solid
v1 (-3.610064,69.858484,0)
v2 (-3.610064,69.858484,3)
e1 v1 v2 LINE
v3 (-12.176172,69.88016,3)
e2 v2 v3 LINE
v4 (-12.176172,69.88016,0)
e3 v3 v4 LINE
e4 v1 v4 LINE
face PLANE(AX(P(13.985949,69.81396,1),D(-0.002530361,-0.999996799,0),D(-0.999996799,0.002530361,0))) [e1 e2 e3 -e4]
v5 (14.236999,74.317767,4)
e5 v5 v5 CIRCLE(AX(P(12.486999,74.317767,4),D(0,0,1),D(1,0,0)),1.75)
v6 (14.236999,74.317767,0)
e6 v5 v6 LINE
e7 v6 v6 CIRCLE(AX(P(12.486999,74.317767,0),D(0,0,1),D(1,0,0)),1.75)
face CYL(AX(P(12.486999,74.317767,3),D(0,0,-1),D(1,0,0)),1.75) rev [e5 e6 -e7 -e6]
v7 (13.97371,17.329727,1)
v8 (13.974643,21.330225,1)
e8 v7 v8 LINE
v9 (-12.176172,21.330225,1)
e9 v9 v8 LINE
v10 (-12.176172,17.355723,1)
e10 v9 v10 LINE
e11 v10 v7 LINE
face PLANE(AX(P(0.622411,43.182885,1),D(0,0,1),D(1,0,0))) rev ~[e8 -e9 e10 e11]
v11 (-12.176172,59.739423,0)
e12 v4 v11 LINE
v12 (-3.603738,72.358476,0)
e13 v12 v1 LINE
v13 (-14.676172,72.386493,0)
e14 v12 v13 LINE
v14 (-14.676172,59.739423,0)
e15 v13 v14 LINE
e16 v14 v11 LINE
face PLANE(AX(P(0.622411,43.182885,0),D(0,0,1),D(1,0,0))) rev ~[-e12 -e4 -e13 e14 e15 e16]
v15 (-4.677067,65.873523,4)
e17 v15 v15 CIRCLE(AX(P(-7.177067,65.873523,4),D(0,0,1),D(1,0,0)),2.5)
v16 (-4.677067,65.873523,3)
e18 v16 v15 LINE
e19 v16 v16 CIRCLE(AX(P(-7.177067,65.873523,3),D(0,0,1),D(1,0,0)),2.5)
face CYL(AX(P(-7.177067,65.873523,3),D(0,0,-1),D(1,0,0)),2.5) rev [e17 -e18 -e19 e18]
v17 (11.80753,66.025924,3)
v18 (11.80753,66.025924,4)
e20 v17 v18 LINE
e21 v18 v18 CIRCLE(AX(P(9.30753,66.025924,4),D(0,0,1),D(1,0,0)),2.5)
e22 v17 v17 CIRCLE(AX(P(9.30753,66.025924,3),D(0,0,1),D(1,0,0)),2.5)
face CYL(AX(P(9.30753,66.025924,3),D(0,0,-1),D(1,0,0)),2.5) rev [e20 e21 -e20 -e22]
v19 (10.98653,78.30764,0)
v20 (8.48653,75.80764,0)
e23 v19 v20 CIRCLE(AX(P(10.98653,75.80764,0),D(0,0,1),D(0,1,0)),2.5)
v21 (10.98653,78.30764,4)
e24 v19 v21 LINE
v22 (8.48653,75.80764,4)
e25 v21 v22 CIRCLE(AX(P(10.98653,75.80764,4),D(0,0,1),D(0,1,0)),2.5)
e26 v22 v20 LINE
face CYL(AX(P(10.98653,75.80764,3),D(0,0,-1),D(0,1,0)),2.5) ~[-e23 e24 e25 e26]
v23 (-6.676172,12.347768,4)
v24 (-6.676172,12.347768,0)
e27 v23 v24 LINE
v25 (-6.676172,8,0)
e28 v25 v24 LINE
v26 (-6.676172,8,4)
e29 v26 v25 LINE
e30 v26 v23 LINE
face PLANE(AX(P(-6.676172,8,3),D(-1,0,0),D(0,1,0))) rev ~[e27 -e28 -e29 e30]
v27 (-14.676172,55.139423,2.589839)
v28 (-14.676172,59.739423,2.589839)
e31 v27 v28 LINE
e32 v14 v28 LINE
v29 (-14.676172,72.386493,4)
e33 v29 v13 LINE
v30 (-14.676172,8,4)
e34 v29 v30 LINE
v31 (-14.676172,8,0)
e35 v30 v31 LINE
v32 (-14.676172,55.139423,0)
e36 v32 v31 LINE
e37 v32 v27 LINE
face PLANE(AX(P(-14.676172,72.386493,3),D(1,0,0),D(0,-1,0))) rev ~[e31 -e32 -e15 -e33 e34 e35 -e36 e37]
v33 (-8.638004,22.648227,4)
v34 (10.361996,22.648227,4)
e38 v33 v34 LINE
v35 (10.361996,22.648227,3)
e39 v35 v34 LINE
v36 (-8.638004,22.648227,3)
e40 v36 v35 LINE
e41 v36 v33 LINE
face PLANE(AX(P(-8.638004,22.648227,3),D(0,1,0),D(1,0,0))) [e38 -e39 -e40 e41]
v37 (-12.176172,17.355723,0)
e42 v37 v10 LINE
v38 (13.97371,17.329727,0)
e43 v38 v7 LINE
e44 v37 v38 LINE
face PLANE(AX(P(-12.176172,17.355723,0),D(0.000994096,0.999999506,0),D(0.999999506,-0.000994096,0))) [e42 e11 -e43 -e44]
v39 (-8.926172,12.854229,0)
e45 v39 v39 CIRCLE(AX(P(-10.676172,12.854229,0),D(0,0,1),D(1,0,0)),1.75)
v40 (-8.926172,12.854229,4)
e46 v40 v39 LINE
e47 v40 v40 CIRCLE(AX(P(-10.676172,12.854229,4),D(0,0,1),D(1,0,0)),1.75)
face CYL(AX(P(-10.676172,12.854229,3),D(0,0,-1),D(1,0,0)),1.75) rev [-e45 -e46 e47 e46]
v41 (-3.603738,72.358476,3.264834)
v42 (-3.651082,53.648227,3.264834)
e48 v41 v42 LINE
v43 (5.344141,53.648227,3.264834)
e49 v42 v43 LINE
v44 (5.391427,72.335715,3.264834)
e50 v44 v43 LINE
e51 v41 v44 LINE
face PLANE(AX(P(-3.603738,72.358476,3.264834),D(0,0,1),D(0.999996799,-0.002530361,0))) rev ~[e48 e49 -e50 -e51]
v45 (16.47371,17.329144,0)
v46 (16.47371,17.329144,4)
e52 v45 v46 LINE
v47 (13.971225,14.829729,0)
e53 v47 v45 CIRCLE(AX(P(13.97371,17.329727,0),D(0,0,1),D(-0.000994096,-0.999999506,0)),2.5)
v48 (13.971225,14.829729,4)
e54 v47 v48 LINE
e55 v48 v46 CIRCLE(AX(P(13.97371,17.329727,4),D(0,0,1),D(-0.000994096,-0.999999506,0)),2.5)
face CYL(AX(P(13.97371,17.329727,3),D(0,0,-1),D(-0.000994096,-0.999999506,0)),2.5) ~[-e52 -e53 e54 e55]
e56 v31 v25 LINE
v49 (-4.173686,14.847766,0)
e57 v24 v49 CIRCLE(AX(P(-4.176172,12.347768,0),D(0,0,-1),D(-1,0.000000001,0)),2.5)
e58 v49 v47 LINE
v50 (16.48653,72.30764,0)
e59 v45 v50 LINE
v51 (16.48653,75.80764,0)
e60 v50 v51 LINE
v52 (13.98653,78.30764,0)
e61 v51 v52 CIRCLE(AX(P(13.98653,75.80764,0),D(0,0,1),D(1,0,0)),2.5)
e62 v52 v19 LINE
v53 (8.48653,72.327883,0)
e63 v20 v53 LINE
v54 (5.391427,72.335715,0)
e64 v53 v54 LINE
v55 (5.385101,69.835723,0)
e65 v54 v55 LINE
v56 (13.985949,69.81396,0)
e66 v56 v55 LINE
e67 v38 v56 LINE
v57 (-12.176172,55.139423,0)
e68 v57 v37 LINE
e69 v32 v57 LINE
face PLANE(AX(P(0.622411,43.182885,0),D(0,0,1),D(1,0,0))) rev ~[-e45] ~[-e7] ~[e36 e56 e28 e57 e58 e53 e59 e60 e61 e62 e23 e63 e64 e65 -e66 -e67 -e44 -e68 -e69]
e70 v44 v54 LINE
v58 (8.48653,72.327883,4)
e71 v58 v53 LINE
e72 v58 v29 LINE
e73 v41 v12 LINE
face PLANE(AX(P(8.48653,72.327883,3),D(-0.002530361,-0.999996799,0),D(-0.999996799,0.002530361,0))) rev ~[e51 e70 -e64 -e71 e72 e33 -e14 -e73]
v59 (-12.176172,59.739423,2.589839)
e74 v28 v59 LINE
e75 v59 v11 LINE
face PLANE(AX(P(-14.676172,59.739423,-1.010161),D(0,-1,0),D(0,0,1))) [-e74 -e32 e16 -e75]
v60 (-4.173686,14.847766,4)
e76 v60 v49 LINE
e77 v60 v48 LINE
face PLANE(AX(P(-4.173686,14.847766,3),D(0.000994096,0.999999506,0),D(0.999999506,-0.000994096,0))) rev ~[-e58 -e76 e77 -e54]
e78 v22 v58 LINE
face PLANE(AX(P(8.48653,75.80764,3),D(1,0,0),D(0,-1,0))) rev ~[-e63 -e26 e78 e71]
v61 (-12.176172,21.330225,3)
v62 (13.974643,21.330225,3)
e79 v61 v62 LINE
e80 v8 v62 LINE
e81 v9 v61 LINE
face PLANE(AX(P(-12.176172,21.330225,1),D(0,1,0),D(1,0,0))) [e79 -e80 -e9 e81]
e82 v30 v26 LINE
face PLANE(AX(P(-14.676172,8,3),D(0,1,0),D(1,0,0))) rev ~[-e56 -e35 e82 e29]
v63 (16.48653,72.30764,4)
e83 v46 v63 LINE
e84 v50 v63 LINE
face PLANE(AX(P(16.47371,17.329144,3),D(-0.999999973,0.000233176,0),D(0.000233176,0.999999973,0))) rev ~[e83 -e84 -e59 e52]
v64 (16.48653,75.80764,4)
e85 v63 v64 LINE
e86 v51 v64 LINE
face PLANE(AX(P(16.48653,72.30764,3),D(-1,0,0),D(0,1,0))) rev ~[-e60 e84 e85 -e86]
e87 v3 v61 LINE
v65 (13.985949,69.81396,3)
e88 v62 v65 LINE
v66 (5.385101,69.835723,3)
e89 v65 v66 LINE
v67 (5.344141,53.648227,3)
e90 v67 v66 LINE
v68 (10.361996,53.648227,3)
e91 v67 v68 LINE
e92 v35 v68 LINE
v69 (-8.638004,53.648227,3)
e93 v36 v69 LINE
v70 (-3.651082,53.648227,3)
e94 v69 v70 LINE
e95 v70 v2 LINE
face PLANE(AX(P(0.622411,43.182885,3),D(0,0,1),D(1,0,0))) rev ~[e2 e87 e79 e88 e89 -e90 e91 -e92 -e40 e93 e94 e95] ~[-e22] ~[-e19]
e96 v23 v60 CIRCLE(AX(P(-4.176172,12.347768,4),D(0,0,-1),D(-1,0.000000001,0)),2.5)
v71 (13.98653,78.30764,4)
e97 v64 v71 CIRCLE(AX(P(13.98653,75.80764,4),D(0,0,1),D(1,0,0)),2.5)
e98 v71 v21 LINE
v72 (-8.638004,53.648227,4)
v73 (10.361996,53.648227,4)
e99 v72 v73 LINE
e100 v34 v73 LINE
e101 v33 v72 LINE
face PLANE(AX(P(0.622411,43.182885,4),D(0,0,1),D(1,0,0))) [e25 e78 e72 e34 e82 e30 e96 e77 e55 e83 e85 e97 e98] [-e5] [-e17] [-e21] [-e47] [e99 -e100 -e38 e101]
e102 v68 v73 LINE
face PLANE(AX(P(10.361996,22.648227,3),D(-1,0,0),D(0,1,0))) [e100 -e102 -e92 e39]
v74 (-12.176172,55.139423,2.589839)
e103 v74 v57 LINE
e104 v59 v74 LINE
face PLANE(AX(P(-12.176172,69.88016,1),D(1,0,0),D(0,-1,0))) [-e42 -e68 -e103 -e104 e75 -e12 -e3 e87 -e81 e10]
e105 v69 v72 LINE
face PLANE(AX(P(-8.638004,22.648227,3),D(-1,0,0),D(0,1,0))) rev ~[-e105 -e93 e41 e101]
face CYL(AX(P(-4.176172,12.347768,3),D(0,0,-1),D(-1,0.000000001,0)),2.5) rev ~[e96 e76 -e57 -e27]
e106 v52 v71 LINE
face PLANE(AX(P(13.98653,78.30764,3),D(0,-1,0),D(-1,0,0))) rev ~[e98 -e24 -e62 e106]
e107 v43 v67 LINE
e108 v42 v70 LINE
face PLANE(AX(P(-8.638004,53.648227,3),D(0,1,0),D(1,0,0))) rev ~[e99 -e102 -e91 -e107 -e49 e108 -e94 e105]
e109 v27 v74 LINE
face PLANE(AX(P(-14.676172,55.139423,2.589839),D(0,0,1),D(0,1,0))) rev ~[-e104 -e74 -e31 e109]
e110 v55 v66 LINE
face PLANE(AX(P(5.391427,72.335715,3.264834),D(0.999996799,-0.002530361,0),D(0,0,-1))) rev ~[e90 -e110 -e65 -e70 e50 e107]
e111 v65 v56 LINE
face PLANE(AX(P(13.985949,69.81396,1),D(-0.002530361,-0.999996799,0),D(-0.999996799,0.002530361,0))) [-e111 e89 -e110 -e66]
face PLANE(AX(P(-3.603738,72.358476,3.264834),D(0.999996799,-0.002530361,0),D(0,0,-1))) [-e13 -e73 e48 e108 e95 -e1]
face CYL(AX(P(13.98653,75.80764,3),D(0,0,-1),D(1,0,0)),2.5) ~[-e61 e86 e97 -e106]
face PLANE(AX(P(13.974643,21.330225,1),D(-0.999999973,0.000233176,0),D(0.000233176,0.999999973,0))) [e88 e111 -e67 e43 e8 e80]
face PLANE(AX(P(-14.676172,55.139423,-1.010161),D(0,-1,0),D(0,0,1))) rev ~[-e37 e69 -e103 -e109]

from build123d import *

# Parameters (mm, degrees)
SKETCH1_R           = 1.75
BOSS_EXTRUDE1_DEPTH = 1
SKETCH2_R           = 1.75
BOSS_EXTRUDE2_DEPTH = 2
SKETCH3_R           = 2.5
SKETCH3_R_2         = 1.75
SKETCH3_W           = 19
SKETCH3_H           = 31
BOSS_EXTRUDE3_DEPTH = 1
SKETCH5_W           = 3.6
SKETCH5_H           = 4.6
CUT_EXTRUDE1_DEPTH  = 21
SKETCH6_W           = 8.995193627
SKETCH6_H           = 3.264834395
CUT_EXTRUDE2_DEPTH  = 21


with BuildPart() as part:
    # Sketch1 → Boss-Extrude1 (new body)
    with BuildSketch(Plane.XY):
        with BuildLine():
            Line((-14.676171507, 8), (-6.676171507, 8))
            Line((-6.676171507, 8), (-6.676171507, 12.347767597))
            ThreePointArc((-6.676171507, 12.347767597), (-5.943059576, 14.116412996), (-4.173686267, 14.847766361))
            Line((-4.173686267, 14.847766361), (13.97122522, 14.82972857))
            ThreePointArc((13.97122522, 14.82972857), (15.740392314, 15.560875949), (16.473710392, 17.329144394))
            Line((16.473710392, 17.329144394), (16.486530072, 72.307640303))
            Line((16.486530072, 72.307640303), (16.486530072, 75.807640303))
            ThreePointArc((16.486530072, 75.807640303), (15.754297025, 77.575407256), (13.986530072, 78.307640303))
            Line((13.986530072, 78.307640303), (10.986530072, 78.307640303))
            ThreePointArc((10.986530072, 78.307640303), (9.218763119, 77.575407256), (8.486530072, 75.807640303))
            Line((8.486530072, 75.807640303), (8.486530072, 72.327883256))
            Line((8.486530072, 72.327883256), (-14.676171507, 72.386493441))
            Line((-14.676171507, 72.386493441), (-14.676171507, 8))
        make_face()
        with Locations((12.486998677, 74.317766997)):
            Circle(SKETCH1_R, mode=Mode.SUBTRACT)
        with Locations((-10.676171507, 12.854229471)):
            Circle(SKETCH1_R, mode=Mode.SUBTRACT)
        Polygon((-12.176171507, 17.355722839), (13.97371046, 17.329727334), (13.985948537, 69.813959694), (-12.176171507, 69.880159515), align=None, mode=Mode.SUBTRACT)
    extrude(amount=BOSS_EXTRUDE1_DEPTH)

    # Sketch2 → Boss-Extrude2 (add)
    with BuildSketch(Plane.XY.offset(1)):
        with BuildLine():
            Line((-4.173686267, 14.847766361), (13.97122522, 14.82972857))
            ThreePointArc((13.97122522, 14.82972857), (15.740392314, 15.560875949), (16.473710392, 17.329144394))
            Line((16.473710392, 17.329144394), (16.486530072, 72.307640303))
            Line((16.486530072, 72.307640303), (16.486530072, 75.807640303))
            ThreePointArc((16.486530072, 75.807640303), (15.754297025, 77.575407256), (13.986530072, 78.307640303))
            Line((13.986530072, 78.307640303), (10.986530072, 78.307640303))
            ThreePointArc((10.986530072, 78.307640303), (9.218763119, 77.575407256), (8.486530072, 75.807640303))
            Line((8.486530072, 75.807640303), (8.486530072, 72.327883256))
            Line((8.486530072, 72.327883256), (-14.676171507, 72.386493441))
            Line((-14.676171507, 72.386493441), (-14.676171507, 8))
            Line((-14.676171507, 8), (-6.676171507, 8))
            Line((-6.676171507, 8), (-6.676171507, 12.347767597))
            ThreePointArc((-6.676171507, 12.347767597), (-5.943059576, 14.116412996), (-4.173686267, 14.847766361))
        make_face()
        with Locations((12.486998677, 74.317766997)):
            Circle(SKETCH2_R, mode=Mode.SUBTRACT)
        with Locations((-10.676171507, 12.854229471)):
            Circle(SKETCH2_R, mode=Mode.SUBTRACT)
        Polygon((-12.176171507, 21.330224514), (13.974643281, 21.330224514), (13.985948537, 69.813959694), (-12.176171507, 69.880159515), align=None, mode=Mode.SUBTRACT)
    extrude(amount=BOSS_EXTRUDE2_DEPTH)

    # Sketch3 → Boss-Extrude3 (add)
    with BuildSketch(Plane.XY.offset(3)):
        with BuildLine():
            Line((-4.173686267, 14.847766361), (13.97122522, 14.82972857))
            ThreePointArc((13.97122522, 14.82972857), (15.740392314, 15.560875949), (16.473710392, 17.329144394))
            Line((16.473710392, 17.329144394), (16.486530072, 72.307640303))
            Line((16.486530072, 72.307640303), (16.486530072, 75.807640303))
            ThreePointArc((16.486530072, 75.807640303), (15.754297025, 77.575407256), (13.986530072, 78.307640303))
            Line((13.986530072, 78.307640303), (10.986530072, 78.307640303))
            ThreePointArc((10.986530072, 78.307640303), (9.218763119, 77.575407256), (8.486530072, 75.807640303))
            Line((8.486530072, 75.807640303), (8.486530072, 72.327883256))
            Line((8.486530072, 72.327883256), (-14.676171507, 72.386493441))
            Line((-14.676171507, 72.386493441), (-14.676171507, 8))
            Line((-14.676171507, 8), (-6.676171507, 8))
            Line((-6.676171507, 8), (-6.676171507, 12.347767597))
            ThreePointArc((-6.676171507, 12.347767597), (-5.943059576, 14.116412996), (-4.173686267, 14.847766361))
        make_face()
        with Locations((-7.177066698, 65.873523259)):
            Circle(SKETCH3_R, mode=Mode.SUBTRACT)
        with Locations((9.307529554, 66.02592423)):
            Circle(SKETCH3_R, mode=Mode.SUBTRACT)
        with Locations((12.486998677, 74.317766997)):
            Circle(SKETCH3_R_2, mode=Mode.SUBTRACT)
        with Locations((-10.676171507, 12.854229471)):
            Circle(SKETCH3_R_2, mode=Mode.SUBTRACT)
        with Locations((0.861995575, 38.14822724)):
            Rectangle(SKETCH3_W, SKETCH3_H, mode=Mode.SUBTRACT)
    extrude(amount=BOSS_EXTRUDE3_DEPTH)

    # Sketch5 → Cut-Extrude1 (cut)
    with BuildSketch(Plane.ZY.offset(14.676171507)):
        with Locations((0.78983946, 57.439422967)):
            Rectangle(SKETCH5_W, SKETCH5_H)
    extrude(amount=-CUT_EXTRUDE1_DEPTH, mode=Mode.SUBTRACT)

    # Sketch6 → Cut-Extrude2 (cut)
    with BuildSketch(Plane(origin=(0.183069407, 72.348894077, 0), x_dir=(0.9999967986314592, -0.0025303610084290717, 0), z_dir=(0.0025303610084290713, 0.9999967986314591, 0))):
        with Locations((0.710777389, -1.632417198)):
            Rectangle(SKETCH6_W, SKETCH6_H)
    extrude(amount=-CUT_EXTRUDE2_DEPTH, mode=Mode.SUBTRACT)


solid = part.part
